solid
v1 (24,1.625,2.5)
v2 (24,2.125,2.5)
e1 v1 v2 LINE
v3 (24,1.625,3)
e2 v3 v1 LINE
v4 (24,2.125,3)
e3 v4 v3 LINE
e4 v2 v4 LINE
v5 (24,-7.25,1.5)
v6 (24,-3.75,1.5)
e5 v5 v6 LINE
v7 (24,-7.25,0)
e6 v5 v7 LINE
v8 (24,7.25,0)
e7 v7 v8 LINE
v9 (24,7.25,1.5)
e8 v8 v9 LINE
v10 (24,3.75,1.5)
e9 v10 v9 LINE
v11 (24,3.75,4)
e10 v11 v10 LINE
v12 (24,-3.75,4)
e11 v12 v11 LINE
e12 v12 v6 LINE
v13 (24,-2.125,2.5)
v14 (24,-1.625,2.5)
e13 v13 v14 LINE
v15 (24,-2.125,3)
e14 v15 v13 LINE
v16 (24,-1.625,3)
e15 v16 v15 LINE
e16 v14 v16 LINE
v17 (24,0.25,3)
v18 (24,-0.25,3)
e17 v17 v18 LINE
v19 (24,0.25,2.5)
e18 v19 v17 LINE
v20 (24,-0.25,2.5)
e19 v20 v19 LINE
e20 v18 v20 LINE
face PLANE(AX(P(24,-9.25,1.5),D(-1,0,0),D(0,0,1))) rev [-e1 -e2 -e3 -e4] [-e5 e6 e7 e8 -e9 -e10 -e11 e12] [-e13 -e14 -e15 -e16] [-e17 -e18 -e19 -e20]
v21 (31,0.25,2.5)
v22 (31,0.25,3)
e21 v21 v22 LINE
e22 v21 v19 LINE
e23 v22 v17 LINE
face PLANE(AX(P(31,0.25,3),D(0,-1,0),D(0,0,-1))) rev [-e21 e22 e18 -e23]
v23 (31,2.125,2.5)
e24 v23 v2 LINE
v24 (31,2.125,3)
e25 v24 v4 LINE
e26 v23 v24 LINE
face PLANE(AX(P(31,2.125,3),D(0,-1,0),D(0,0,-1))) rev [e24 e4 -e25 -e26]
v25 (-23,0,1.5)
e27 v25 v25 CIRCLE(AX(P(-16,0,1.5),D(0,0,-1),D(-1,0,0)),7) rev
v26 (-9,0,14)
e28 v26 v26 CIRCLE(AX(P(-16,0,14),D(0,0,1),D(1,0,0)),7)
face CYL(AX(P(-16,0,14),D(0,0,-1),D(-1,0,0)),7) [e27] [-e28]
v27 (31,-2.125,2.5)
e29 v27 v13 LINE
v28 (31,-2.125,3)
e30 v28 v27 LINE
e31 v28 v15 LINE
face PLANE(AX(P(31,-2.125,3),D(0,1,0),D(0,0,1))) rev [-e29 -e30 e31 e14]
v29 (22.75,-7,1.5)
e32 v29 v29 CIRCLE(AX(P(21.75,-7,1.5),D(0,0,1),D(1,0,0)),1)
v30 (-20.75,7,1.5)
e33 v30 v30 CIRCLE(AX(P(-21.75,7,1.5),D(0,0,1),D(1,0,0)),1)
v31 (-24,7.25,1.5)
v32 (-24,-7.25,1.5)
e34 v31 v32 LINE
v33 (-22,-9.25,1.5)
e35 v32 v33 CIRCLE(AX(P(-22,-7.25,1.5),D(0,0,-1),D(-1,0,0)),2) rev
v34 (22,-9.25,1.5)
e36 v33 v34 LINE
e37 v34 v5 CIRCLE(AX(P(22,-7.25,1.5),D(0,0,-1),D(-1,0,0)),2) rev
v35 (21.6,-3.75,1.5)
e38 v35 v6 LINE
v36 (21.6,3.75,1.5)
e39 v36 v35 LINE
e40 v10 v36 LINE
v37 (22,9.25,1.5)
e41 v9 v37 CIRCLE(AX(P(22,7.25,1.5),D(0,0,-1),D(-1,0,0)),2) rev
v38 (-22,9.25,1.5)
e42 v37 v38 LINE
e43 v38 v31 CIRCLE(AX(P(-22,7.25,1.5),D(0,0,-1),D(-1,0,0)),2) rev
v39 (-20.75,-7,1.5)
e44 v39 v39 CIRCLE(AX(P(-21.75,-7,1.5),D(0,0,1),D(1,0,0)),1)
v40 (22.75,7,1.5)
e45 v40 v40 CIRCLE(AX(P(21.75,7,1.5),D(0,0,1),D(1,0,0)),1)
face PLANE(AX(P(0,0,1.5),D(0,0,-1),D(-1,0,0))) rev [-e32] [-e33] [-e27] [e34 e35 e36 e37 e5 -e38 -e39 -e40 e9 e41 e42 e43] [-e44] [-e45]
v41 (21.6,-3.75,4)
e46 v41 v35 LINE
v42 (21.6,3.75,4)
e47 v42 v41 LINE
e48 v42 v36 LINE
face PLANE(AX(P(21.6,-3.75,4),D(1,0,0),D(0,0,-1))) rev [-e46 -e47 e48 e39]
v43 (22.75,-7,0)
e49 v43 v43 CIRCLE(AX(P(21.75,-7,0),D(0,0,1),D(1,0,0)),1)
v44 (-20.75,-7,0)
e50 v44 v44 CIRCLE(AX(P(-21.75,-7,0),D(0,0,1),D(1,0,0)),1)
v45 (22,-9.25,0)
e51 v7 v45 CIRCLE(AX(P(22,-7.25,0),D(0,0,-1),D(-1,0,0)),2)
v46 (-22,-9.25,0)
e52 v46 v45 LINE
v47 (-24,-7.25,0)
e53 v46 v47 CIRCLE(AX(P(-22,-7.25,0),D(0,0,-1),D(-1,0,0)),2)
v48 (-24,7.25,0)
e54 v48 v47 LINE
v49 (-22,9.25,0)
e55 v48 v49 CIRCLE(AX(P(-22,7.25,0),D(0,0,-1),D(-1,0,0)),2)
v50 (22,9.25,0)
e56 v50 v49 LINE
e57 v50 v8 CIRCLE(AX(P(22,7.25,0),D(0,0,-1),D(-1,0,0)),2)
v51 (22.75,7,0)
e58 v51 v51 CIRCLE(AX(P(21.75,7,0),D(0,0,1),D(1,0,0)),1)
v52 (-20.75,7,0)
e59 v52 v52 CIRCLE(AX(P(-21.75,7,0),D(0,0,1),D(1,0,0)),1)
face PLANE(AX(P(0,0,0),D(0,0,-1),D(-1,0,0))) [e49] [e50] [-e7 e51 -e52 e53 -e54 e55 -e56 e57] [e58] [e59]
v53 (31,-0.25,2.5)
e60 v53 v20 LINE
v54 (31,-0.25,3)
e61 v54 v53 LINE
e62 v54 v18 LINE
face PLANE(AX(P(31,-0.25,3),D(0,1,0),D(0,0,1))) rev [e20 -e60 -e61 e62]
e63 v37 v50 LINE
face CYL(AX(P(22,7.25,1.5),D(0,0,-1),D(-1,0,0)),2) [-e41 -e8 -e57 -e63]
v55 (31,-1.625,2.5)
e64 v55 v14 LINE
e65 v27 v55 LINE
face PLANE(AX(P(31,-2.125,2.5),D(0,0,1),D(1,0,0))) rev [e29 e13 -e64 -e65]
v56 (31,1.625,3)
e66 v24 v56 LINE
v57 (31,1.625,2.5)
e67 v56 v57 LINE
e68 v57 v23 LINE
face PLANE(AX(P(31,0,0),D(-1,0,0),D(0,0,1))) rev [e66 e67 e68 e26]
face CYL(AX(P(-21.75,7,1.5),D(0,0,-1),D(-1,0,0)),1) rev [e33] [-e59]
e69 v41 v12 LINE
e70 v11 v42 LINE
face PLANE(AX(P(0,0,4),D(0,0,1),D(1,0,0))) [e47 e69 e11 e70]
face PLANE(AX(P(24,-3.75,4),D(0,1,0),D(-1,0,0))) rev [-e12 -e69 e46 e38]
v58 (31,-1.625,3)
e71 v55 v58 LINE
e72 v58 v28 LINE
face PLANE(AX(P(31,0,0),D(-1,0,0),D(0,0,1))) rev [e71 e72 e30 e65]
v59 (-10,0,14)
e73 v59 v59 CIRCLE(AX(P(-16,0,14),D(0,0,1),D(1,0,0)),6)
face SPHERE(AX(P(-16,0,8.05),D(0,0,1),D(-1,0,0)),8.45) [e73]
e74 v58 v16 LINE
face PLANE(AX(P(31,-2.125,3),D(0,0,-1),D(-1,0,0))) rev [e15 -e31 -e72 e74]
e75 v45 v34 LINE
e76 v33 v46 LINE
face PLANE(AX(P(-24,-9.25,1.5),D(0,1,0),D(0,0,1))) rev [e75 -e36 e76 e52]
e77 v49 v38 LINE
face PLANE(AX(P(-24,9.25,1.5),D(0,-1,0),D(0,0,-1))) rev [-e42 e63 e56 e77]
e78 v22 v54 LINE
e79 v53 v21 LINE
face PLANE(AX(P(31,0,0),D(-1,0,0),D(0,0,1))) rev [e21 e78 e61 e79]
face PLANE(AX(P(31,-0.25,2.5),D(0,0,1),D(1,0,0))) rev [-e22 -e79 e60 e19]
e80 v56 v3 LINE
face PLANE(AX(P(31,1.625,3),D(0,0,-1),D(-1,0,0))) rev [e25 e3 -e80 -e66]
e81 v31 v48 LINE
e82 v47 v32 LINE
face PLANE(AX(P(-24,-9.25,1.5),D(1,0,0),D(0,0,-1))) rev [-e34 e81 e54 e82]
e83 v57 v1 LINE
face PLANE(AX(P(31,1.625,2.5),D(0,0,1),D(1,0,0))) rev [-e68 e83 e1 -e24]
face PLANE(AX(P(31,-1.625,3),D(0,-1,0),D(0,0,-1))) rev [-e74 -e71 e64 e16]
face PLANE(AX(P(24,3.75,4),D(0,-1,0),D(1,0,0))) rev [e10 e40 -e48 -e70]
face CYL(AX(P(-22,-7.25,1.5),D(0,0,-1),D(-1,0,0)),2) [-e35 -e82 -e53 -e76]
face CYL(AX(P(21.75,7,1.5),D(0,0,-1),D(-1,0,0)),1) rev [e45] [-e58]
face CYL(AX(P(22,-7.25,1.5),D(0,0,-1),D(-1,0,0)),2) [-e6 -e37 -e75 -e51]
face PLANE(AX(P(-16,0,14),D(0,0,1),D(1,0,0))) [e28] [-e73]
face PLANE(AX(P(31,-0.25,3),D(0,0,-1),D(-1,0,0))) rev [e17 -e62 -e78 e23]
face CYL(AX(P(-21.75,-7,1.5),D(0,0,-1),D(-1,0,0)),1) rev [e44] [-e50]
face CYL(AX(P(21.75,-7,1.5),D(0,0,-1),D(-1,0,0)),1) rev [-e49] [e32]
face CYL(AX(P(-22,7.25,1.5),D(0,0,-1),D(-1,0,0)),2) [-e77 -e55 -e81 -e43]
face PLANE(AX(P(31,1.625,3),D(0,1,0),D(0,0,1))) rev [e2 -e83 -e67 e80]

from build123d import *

# Parameters (mm, degrees)
SKETCH1_W           = 48
SKETCH1_H           = 18.5
SKETCH1_R           = 1
BOSS_EXTRUDE1_DEPTH = 1.5
FILLET1_R           = 2
SKETCH2_R           = 7
BOSS_EXTRUDE2_DEPTH = 12.5
SKETCH5_W           = 2.4
SKETCH5_H           = 7.5
BOSS_EXTRUDE3_DEPTH = 2.5
SKETCH6_W           = 0.5
SKETCH6_H           = 0.5
BOSS_EXTRUDE4_DEPTH = 7


with BuildPart() as part:
    # Sketch1 → Boss-Extrude1 (new body)
    with BuildSketch(Plane.XY):
        Rectangle(SKETCH1_W, SKETCH1_H)
        with Locations((-21.75, 7)):
            Circle(SKETCH1_R, mode=Mode.SUBTRACT)
        with Locations((21.75, 7)):
            Circle(SKETCH1_R, mode=Mode.SUBTRACT)
        with Locations((21.75, -7)):
            Circle(SKETCH1_R, mode=Mode.SUBTRACT)
        with Locations((-21.75, -7)):
            Circle(SKETCH1_R, mode=Mode.SUBTRACT)
    extrude(amount=BOSS_EXTRUDE1_DEPTH)

    # Fillet1
    fillet1_edges = [part.edges().sort_by_distance(p)[0] for p in [
        (24, -9.25, 0.75),
        (-24, -9.25, 0.75),
        (-24, 9.25, 0.75),
        (24, 9.25, 0.75),
    ]]
    fillet(fillet1_edges, radius=FILLET1_R)

    # Sketch2 → Boss-Extrude2 (add)
    with BuildSketch(Plane.XY.offset(1.5)):
        with Locations(Location((-16, 0, 0), (0, 0, 180))):
            Circle(SKETCH2_R)
    extrude(amount=BOSS_EXTRUDE2_DEPTH)

    # Sketch3 → Revolve3 (revolve)
    with BuildSketch(Plane(origin=(0, 0, 0), x_dir=(-1, 0, 0), z_dir=(0, -1, 0))):
        with BuildLine():
            Line((16, -14), (16, -16.5))
            ThreePointArc((16, -16.5), (19.25, -15.85), (22, -14))
            Line((22, -14), (16, -14))
        make_face()
    revolve(axis=Axis((-16, 0, 1014), (0, 0, -1)))

    # Sketch5 → Boss-Extrude3 (add)
    with BuildSketch(Plane.XY.offset(1.5)):
        with Locations((22.8, 0)):
            Rectangle(SKETCH5_W, SKETCH5_H)
    extrude(amount=BOSS_EXTRUDE3_DEPTH)

    # Sketch6 → Boss-Extrude4 (add)
    with BuildSketch(Plane(origin=(24, 0, 0), x_dir=(0, 0, -1), z_dir=(1, 0, 0))):
        with Locations((-2.75, 1.875)):
            Rectangle(SKETCH6_W, SKETCH6_H)
        with Locations((-2.75, 0)):
            Rectangle(SKETCH6_W, SKETCH6_H)
        with Locations((-2.75, -1.875)):
            Rectangle(SKETCH6_W, SKETCH6_H)
    extrude(amount=BOSS_EXTRUDE4_DEPTH)


solid = part.part
